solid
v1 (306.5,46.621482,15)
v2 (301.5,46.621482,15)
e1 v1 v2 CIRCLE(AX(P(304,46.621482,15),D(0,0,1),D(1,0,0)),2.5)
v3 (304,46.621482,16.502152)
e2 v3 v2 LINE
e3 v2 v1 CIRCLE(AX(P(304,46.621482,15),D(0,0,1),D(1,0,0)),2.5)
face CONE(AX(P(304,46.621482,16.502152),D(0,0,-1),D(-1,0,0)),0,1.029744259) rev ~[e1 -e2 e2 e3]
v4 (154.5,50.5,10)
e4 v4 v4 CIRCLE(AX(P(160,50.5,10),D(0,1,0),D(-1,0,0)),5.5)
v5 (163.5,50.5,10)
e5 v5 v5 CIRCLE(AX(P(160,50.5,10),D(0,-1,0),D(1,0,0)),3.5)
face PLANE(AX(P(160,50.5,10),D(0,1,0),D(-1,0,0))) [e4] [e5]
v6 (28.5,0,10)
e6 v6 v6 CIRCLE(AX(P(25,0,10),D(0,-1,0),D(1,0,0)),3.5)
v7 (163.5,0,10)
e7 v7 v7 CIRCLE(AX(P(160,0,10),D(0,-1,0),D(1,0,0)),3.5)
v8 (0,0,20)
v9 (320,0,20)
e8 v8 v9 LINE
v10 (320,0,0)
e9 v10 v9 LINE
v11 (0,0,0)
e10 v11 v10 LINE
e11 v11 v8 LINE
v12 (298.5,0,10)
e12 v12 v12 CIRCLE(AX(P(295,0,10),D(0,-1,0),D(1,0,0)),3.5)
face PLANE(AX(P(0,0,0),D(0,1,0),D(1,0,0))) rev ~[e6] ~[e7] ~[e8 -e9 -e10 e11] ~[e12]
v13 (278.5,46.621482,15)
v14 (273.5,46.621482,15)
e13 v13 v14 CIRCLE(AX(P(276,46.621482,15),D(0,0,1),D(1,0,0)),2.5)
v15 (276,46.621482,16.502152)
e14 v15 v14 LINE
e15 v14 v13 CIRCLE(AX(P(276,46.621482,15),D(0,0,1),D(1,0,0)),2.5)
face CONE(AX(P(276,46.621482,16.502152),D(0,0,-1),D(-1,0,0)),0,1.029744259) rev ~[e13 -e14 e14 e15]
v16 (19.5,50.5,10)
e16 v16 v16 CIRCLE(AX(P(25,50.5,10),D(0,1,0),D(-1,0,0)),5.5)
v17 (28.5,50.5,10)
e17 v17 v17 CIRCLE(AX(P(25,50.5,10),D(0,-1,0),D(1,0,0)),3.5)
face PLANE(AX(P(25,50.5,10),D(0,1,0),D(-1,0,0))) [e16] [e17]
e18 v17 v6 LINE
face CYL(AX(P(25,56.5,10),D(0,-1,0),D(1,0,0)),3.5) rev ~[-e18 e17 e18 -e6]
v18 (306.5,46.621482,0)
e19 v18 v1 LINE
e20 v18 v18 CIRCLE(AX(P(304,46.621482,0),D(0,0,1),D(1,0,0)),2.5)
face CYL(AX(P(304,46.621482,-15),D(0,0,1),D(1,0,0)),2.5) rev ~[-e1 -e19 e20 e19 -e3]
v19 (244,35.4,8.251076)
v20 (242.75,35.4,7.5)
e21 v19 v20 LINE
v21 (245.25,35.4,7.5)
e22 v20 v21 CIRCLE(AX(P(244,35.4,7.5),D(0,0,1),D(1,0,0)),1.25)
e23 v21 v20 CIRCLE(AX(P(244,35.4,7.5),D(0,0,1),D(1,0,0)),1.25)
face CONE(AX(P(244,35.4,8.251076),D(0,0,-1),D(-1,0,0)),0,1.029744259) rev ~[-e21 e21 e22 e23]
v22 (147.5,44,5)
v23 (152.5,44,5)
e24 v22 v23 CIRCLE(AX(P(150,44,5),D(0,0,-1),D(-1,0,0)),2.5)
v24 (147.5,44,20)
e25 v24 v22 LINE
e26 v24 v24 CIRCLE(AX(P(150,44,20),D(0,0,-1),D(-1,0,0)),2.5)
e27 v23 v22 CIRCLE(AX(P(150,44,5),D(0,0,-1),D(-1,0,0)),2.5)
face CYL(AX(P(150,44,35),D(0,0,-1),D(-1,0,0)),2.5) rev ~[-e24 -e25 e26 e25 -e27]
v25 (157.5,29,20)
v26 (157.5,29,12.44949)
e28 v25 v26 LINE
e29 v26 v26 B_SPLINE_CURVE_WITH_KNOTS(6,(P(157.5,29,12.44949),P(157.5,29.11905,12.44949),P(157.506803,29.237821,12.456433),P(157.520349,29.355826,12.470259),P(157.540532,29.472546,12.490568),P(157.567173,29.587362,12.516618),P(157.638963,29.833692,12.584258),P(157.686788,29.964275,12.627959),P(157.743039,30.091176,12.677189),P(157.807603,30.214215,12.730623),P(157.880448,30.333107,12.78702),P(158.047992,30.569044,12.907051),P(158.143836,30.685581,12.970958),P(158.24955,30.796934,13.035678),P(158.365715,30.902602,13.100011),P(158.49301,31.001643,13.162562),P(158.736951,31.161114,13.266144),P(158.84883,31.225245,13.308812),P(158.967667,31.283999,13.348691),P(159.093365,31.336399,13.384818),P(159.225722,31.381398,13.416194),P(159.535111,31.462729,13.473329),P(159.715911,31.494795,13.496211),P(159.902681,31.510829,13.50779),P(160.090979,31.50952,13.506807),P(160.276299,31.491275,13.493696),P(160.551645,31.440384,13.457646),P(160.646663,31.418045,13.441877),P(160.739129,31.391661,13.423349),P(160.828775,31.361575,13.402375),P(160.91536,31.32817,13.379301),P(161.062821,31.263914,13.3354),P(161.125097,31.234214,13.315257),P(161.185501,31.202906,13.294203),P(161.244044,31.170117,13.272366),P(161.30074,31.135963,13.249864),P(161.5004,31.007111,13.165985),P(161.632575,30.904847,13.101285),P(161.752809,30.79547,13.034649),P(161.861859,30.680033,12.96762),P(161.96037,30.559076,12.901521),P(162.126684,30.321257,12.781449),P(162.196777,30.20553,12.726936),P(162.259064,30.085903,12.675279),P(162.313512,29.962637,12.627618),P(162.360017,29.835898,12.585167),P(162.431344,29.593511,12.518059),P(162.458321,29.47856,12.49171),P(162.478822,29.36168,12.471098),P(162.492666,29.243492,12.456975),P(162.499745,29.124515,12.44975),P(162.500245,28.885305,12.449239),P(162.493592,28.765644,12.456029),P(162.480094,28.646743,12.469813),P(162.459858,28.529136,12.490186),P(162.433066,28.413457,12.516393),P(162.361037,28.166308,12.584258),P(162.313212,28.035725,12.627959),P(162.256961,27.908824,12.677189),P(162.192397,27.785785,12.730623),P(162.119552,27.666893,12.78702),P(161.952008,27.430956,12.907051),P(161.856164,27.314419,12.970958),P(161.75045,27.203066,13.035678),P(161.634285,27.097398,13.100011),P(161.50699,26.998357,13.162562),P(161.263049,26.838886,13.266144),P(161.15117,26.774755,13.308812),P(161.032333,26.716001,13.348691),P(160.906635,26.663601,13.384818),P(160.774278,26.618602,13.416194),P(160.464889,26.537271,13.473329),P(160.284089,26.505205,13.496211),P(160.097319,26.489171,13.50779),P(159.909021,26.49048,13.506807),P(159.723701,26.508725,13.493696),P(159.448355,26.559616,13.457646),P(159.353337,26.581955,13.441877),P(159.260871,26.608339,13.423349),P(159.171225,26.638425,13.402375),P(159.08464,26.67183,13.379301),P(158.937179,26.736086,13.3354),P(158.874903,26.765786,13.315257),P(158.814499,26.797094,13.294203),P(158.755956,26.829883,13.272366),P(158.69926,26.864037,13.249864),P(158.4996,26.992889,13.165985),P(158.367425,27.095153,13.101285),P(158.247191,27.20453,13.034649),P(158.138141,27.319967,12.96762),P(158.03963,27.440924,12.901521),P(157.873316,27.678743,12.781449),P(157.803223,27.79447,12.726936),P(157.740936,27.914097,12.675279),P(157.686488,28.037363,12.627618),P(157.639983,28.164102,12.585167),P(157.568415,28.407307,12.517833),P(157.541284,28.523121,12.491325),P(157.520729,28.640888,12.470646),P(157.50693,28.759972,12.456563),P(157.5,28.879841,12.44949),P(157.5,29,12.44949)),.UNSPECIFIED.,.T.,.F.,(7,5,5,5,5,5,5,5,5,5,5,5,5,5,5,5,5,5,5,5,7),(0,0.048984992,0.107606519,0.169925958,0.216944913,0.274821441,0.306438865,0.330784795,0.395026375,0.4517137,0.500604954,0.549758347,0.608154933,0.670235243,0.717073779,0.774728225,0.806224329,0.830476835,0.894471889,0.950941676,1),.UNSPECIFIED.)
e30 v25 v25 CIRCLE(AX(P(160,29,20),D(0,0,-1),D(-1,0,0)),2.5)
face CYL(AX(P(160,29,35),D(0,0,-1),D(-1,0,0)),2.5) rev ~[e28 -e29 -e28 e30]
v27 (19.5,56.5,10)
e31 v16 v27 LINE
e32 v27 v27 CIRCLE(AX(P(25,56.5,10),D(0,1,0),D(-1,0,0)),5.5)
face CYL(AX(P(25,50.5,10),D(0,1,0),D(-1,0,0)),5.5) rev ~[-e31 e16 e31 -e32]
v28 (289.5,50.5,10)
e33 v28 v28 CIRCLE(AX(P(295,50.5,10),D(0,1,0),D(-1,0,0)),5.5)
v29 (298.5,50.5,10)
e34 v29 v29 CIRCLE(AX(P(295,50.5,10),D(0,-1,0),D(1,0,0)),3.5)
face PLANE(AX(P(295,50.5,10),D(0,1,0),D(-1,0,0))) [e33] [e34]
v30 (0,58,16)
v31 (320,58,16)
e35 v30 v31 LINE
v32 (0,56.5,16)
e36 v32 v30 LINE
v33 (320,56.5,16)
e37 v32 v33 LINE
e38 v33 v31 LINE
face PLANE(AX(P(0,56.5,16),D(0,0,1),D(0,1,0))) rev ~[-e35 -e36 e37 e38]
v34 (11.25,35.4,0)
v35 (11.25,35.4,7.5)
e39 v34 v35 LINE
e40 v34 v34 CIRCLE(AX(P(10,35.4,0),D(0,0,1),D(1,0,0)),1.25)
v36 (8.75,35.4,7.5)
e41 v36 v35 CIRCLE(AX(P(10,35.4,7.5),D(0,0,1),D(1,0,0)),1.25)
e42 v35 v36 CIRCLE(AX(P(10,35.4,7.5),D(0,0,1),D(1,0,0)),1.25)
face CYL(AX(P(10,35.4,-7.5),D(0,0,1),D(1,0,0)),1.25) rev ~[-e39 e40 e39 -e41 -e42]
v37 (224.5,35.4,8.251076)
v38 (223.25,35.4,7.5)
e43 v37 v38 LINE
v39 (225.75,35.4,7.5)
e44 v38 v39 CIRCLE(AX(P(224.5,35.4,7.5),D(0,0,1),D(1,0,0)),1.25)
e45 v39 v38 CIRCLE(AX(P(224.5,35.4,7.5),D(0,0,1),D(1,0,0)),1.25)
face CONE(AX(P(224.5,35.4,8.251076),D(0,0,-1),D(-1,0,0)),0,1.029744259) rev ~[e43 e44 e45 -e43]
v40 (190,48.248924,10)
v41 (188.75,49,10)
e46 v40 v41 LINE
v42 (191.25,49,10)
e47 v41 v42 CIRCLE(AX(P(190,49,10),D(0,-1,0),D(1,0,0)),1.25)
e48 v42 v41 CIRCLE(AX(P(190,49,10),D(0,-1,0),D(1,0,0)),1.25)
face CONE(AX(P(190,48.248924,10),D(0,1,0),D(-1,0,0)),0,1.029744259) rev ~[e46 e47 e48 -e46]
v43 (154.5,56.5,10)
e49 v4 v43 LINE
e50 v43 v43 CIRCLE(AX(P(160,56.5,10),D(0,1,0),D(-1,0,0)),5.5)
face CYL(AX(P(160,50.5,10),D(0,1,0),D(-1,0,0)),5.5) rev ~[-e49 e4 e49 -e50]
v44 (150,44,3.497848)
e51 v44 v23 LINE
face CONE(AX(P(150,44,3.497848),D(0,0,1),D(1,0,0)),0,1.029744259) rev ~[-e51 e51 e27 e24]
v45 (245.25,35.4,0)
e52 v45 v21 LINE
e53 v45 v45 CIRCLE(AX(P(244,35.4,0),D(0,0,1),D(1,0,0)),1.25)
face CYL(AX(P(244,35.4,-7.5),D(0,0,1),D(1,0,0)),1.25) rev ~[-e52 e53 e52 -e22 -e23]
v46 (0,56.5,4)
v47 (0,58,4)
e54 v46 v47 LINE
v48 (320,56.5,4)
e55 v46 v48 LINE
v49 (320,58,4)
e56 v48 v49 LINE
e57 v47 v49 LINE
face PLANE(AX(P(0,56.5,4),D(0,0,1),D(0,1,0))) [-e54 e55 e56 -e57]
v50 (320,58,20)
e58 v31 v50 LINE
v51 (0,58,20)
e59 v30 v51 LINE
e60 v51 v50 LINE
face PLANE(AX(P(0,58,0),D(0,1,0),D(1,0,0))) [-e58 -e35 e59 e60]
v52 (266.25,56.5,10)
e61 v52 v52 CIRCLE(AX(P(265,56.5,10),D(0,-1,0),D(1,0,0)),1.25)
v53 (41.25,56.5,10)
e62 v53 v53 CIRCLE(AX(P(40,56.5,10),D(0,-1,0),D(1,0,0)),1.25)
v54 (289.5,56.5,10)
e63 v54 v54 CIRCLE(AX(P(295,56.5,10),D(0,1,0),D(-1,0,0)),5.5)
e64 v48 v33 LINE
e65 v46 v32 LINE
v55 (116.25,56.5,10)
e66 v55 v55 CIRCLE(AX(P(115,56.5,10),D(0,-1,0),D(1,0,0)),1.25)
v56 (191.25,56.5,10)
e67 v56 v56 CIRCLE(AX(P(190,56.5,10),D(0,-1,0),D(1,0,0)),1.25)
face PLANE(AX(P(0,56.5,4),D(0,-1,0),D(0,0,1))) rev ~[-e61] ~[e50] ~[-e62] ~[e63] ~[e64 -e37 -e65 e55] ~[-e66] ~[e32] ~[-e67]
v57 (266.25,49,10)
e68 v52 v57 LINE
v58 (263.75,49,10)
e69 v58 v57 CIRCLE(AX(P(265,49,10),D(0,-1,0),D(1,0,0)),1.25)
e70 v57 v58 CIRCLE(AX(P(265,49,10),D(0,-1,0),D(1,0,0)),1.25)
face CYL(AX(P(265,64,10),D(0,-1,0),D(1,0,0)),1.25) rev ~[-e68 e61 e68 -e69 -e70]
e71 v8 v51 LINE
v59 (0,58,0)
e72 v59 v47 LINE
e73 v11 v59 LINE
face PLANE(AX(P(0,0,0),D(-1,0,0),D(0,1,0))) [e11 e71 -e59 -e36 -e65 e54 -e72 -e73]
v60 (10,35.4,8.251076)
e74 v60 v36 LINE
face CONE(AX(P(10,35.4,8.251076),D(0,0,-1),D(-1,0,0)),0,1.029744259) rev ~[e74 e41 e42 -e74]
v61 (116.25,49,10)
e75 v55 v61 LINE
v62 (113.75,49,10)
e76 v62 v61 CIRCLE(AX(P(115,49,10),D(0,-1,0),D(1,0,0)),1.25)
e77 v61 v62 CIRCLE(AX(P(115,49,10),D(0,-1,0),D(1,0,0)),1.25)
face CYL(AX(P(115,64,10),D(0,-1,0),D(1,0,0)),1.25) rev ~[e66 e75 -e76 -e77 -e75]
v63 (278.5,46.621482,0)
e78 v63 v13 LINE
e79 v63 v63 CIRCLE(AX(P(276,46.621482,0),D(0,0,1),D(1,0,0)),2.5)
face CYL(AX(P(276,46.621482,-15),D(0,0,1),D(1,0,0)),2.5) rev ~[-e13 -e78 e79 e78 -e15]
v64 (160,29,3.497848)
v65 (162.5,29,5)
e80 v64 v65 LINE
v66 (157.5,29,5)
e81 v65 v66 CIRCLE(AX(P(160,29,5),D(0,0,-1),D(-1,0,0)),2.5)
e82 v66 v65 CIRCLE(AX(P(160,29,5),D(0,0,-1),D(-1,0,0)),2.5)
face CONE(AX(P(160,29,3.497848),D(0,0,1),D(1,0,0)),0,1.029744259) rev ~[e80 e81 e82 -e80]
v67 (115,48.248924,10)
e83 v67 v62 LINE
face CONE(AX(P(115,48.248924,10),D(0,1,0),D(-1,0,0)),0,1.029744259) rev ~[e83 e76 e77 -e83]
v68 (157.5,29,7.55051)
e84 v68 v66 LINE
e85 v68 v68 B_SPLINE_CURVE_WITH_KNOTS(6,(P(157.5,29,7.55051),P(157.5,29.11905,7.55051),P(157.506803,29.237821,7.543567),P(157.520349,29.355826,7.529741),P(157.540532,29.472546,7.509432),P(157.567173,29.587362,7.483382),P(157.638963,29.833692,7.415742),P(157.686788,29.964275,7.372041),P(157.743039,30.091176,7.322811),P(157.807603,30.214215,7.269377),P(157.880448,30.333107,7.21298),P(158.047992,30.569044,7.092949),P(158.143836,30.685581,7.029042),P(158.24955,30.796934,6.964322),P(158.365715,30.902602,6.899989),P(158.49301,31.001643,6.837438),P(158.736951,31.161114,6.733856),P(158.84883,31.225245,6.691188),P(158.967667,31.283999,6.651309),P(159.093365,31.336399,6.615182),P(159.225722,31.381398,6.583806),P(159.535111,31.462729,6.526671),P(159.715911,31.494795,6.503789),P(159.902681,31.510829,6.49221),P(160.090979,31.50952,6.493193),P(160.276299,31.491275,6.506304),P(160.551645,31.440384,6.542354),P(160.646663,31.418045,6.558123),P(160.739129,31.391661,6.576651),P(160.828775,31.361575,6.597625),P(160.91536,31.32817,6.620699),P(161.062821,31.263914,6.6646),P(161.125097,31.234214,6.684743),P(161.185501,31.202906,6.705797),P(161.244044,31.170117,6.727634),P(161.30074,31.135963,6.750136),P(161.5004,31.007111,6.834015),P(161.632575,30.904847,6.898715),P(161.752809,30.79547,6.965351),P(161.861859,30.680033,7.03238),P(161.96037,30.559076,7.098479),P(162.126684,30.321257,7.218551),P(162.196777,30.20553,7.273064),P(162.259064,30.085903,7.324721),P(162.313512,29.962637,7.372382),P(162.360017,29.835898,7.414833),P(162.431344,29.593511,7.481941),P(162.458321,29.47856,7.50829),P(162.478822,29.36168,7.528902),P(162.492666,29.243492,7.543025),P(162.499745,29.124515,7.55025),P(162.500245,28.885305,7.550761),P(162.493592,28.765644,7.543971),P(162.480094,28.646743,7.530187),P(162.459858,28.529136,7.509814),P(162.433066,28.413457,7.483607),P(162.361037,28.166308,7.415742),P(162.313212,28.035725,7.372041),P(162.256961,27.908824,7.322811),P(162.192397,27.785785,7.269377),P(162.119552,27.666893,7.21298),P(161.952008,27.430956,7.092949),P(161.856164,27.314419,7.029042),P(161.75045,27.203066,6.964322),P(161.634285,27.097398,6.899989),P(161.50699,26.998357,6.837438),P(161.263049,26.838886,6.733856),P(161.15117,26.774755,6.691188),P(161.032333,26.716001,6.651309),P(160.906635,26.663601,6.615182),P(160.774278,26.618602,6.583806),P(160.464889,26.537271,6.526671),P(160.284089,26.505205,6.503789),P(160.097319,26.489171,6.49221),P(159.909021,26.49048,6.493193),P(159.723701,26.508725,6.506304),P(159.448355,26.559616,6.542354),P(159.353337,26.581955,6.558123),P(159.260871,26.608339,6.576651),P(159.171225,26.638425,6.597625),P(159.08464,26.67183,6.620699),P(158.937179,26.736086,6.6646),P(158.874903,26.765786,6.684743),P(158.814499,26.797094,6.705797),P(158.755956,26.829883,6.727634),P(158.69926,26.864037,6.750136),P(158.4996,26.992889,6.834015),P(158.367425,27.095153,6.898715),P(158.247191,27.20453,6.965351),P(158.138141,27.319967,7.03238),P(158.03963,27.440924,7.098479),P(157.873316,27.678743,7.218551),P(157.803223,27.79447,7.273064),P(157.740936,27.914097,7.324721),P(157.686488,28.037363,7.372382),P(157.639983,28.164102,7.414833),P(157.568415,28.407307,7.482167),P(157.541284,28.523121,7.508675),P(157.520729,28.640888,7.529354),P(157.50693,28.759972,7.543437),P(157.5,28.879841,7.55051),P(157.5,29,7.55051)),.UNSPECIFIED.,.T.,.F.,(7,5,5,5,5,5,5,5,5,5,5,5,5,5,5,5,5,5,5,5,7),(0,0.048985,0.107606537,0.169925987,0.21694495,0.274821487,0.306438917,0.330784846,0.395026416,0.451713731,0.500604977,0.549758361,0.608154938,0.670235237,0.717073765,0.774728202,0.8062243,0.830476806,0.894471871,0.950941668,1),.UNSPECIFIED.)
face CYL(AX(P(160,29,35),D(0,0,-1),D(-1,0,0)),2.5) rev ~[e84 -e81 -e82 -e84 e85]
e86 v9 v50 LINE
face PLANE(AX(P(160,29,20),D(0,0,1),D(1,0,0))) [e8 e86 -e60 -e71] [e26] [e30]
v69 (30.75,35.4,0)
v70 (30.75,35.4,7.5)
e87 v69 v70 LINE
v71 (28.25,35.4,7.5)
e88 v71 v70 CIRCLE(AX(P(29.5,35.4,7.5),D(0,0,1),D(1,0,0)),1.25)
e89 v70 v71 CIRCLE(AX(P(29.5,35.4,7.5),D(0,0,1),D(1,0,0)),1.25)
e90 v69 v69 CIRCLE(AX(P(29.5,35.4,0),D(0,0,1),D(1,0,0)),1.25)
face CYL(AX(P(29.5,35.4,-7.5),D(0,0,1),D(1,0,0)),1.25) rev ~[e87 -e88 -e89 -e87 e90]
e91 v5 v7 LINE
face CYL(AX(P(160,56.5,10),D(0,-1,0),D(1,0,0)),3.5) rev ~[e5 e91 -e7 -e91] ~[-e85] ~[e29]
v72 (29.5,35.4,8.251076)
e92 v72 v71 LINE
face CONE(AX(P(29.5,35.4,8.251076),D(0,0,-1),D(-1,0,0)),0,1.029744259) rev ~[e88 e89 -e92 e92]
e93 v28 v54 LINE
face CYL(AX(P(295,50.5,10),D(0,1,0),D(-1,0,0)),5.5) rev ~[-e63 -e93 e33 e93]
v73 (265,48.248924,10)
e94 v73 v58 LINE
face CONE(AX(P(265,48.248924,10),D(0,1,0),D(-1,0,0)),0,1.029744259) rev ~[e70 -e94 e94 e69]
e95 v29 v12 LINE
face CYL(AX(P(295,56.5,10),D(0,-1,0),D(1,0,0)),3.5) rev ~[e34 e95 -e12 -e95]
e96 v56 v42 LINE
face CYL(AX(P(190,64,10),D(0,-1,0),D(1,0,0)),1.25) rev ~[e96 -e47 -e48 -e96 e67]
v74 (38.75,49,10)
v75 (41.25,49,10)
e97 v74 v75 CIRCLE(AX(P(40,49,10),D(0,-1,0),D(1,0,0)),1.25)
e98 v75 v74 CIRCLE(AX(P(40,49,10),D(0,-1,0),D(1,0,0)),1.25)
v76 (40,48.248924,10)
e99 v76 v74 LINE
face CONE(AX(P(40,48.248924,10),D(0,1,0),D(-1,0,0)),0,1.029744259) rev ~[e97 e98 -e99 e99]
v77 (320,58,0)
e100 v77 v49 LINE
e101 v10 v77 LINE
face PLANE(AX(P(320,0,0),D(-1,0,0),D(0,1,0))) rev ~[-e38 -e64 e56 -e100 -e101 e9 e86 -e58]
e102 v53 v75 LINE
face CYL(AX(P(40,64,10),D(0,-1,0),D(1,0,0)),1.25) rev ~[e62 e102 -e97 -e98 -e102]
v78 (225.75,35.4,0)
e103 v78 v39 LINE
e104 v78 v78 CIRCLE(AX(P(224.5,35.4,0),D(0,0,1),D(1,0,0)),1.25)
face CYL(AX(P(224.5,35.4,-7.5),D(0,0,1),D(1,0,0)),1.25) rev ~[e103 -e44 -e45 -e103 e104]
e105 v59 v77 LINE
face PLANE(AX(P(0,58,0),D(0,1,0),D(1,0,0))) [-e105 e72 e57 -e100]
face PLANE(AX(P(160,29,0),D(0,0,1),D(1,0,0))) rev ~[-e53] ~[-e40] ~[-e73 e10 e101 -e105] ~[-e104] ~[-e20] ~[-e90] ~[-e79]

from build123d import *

# Parameters (mm, degrees)
SKETCH_1_W                     = 320
SKETCH_1_H                     = 58
EXTRUDE_1_DEPTH                = 20
SKETCH_2_W                     = 12
SKETCH_2_H                     = 1.5
CUT_EXTRUDE_1_DEPTH            = 326.828175577
HOLE_WIZARD_M6_1_D             = 5
HOLE_WIZARD_M6_1_DEPTH         = 15
HOLE_WIZARD_M6_1_TIP           = 1.502151548
HOLE_WIZARD_M6_1_2_D           = 7
HOLE_WIZARD_M6_1_2_CBORE_D     = 11
HOLE_WIZARD_M6_1_2_CBORE_DEPTH = 6
HOLE_WIZARD_M3_1_D             = 2.5
HOLE_WIZARD_M3_1_DEPTH         = 7.5
HOLE_WIZARD_M3_1_TIP           = 0.751075774
HOLE_WIZARD_M6_2_D             = 5
HOLE_WIZARD_M6_2_DEPTH         = 15
HOLE_WIZARD_M6_2_TIP           = 1.502151548
HOLE_WIZARD_M3_2_D             = 2.5
HOLE_WIZARD_M3_2_DEPTH         = 7.5
HOLE_WIZARD_M3_2_TIP           = 0.751075774


with BuildPart() as part:
    # 草图1 → 凸台-拉伸1 (new body)
    with BuildSketch(Plane.XY):
        with Locations((160, 29)):
            Rectangle(SKETCH_1_W, SKETCH_1_H)
    extrude(amount=EXTRUDE_1_DEPTH)

    # 草图2 → 切除-拉伸1 (cut, through all)
    with BuildSketch(Plane.ZY):
        with Locations((10, 57.25)):
            Rectangle(SKETCH_2_W, SKETCH_2_H)
    extrude(amount=-CUT_EXTRUDE_1_DEPTH, mode=Mode.SUBTRACT)

    # Hole Wizard M6 _1
    with Locations(Plane.XY.offset(20)):
        with Locations((160, 29), (150, 44)):
            Hole(HOLE_WIZARD_M6_1_D / 2, depth=HOLE_WIZARD_M6_1_DEPTH)
            with Locations((0, 0, -(HOLE_WIZARD_M6_1_DEPTH + HOLE_WIZARD_M6_1_TIP / 2))):  # 118° drill point
                Cone(0, HOLE_WIZARD_M6_1_D / 2, HOLE_WIZARD_M6_1_TIP, mode=Mode.SUBTRACT)

    # Hole Wizard M6 _1 2 (through all)
    with Locations(Plane(origin=(0, 56.5, 0), x_dir=(-1, 0, 0), z_dir=(0, 1, 0))):
        with Locations((-25, 10), (-295, 10), (-160, 10)):
            CounterBoreHole(HOLE_WIZARD_M6_1_2_D / 2, HOLE_WIZARD_M6_1_2_CBORE_D / 2, HOLE_WIZARD_M6_1_2_CBORE_DEPTH)

    # M3 螺纹孔1
    with Locations(Plane(origin=(0, 56.5, 0), x_dir=(-1, 0, 0), z_dir=(0, 1, 0))):
        with Locations((-265, 10), (-40, 10), (-190, 10), (-115, 10)):
            Hole(HOLE_WIZARD_M3_1_D / 2, depth=HOLE_WIZARD_M3_1_DEPTH)
            with Locations((0, 0, -(HOLE_WIZARD_M3_1_DEPTH + HOLE_WIZARD_M3_1_TIP / 2))):  # 118° drill point
                Cone(0, HOLE_WIZARD_M3_1_D / 2, HOLE_WIZARD_M3_1_TIP, mode=Mode.SUBTRACT)

    # M6 螺纹孔2
    with Locations(Plane(origin=(0, 0, 0), x_dir=(-1, 0, 0), z_dir=(0, 0, -1))):
        with Locations((-304, 46.621481833), (-276, 46.621481833)):
            Hole(HOLE_WIZARD_M6_2_D / 2, depth=HOLE_WIZARD_M6_2_DEPTH)
            with Locations((0, 0, -(HOLE_WIZARD_M6_2_DEPTH + HOLE_WIZARD_M6_2_TIP / 2))):  # 118° drill point
                Cone(0, HOLE_WIZARD_M6_2_D / 2, HOLE_WIZARD_M6_2_TIP, mode=Mode.SUBTRACT)

    # M3 螺纹孔2
    with Locations(Plane(origin=(0, 0, 0), x_dir=(-1, 0, 0), z_dir=(0, 0, -1))):
        with Locations((-10, 35.4), (-29.5, 35.4), (-244, 35.4), (-224.5, 35.4)):
            Hole(HOLE_WIZARD_M3_2_D / 2, depth=HOLE_WIZARD_M3_2_DEPTH)
            with Locations((0, 0, -(HOLE_WIZARD_M3_2_DEPTH + HOLE_WIZARD_M3_2_TIP / 2))):  # 118° drill point
                Cone(0, HOLE_WIZARD_M3_2_D / 2, HOLE_WIZARD_M3_2_TIP, mode=Mode.SUBTRACT)


solid = part.part
